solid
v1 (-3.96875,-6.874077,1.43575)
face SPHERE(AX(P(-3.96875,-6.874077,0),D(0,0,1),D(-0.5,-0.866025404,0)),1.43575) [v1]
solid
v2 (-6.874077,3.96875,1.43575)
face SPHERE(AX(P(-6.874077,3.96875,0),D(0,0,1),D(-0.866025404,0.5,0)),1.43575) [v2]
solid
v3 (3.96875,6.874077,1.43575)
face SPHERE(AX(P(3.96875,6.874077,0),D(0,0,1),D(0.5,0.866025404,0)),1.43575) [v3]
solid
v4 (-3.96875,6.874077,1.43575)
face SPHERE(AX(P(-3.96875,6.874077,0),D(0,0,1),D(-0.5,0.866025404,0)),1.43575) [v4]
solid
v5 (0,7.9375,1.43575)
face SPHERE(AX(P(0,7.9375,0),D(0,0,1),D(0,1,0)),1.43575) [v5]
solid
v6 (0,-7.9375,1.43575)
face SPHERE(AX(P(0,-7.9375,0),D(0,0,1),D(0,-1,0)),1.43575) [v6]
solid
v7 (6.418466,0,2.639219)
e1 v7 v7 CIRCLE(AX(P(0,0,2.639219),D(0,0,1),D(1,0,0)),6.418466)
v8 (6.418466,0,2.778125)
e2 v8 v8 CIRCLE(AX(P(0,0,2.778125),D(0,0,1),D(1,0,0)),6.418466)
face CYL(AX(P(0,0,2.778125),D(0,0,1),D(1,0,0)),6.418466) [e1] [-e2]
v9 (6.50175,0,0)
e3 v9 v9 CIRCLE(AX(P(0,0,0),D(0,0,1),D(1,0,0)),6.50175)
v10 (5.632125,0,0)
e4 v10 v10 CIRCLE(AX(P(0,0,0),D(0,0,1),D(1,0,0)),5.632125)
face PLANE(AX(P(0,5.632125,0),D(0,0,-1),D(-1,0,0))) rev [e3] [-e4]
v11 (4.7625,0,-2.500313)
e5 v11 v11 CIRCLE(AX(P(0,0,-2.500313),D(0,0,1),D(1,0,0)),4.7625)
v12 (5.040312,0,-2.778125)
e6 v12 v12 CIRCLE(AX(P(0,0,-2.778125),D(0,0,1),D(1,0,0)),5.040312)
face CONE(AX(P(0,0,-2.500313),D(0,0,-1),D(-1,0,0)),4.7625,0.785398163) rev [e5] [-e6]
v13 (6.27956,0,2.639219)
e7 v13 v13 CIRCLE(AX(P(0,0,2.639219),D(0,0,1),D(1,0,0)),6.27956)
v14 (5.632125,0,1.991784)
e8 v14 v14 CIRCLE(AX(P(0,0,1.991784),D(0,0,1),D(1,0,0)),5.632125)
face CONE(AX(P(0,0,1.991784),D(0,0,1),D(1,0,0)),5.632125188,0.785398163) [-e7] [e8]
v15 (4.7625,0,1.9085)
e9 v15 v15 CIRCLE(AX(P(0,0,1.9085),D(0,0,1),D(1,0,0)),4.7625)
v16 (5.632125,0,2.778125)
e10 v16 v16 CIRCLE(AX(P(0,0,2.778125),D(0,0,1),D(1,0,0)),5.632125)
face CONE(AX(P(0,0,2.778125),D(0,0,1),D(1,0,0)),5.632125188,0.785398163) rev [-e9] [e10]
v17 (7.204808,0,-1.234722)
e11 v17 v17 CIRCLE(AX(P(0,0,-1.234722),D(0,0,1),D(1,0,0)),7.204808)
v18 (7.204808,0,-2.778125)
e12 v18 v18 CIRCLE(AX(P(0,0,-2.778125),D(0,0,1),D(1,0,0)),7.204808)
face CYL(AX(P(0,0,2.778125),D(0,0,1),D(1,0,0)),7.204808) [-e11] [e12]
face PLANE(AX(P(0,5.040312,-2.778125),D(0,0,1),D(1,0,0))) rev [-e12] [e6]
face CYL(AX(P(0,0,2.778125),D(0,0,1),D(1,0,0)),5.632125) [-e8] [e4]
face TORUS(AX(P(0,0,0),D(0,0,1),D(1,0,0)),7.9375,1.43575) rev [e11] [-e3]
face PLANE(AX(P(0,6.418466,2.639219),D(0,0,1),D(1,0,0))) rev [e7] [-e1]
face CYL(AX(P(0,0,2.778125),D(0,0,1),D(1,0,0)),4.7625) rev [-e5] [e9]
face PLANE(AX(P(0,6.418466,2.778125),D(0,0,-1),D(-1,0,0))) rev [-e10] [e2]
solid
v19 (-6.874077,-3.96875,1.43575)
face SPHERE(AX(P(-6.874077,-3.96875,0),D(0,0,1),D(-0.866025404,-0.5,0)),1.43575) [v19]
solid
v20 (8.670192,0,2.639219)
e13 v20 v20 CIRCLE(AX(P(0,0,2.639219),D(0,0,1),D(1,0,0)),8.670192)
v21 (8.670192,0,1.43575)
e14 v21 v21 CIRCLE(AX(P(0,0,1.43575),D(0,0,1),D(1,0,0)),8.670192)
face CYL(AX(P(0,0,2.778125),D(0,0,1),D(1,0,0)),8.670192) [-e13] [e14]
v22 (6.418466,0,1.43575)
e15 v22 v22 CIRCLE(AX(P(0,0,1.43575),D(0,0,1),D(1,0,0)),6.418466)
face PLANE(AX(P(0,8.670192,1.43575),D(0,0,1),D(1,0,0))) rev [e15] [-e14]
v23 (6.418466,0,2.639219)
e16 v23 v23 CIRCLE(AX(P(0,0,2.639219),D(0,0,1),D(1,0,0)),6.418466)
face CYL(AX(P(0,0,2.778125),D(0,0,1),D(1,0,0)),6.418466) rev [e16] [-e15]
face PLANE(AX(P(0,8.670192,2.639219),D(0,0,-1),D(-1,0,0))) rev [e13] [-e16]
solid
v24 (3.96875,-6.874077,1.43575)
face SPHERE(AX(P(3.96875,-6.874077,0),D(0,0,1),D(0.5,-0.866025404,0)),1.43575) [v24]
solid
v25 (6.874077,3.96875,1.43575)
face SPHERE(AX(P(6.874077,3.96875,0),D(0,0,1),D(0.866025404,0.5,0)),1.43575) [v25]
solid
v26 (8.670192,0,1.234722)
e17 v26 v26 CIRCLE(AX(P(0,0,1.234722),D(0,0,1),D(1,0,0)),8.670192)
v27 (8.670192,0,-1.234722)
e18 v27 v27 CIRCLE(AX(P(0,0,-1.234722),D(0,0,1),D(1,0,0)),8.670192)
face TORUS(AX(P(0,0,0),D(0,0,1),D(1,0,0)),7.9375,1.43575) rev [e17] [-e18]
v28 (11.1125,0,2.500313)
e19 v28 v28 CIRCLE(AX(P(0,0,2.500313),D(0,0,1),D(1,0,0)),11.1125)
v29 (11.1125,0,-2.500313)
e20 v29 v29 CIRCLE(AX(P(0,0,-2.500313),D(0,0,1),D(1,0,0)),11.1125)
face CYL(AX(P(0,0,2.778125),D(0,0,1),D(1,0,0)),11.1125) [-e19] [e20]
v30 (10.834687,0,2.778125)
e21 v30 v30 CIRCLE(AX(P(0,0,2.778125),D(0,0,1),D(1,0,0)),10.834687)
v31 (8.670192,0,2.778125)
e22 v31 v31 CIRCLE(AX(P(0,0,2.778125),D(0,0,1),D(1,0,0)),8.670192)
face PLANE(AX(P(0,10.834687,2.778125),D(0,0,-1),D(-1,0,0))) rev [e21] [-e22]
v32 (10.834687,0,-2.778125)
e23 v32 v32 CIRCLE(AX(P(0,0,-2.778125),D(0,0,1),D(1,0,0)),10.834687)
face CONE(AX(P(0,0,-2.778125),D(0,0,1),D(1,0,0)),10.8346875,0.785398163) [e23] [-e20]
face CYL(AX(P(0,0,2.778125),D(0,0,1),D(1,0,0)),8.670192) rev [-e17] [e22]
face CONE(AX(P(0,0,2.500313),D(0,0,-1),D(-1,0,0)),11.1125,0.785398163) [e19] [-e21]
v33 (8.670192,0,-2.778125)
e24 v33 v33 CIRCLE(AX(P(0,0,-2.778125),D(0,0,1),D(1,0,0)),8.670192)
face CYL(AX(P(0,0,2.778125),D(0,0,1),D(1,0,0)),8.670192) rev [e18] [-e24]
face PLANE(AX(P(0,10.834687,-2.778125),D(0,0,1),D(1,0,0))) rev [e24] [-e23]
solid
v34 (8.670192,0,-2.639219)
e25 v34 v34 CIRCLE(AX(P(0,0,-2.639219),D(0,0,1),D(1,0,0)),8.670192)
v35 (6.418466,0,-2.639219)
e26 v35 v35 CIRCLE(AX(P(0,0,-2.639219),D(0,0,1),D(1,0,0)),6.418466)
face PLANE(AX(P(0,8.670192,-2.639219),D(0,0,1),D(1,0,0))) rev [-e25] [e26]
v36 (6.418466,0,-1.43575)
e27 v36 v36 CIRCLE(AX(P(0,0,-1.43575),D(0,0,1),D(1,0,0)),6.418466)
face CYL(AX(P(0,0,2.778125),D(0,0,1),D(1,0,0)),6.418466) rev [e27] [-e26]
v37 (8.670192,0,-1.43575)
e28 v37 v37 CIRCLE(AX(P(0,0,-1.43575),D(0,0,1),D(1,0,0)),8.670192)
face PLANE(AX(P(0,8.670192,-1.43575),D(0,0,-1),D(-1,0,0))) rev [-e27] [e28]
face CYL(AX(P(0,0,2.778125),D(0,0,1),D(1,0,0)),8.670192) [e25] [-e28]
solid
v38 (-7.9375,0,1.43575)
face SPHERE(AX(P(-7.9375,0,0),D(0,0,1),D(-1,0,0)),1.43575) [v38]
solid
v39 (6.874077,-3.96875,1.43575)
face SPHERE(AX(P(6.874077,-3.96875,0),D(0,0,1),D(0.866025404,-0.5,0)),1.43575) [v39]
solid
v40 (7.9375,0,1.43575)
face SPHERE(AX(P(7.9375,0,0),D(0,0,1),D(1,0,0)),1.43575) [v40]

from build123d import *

# Parameters (mm, degrees)
CIRPATTERN1_COUNT = 12
SKETCH5_W         = 1.203469126
SKETCH5_H         = 2.251725868


with BuildPart() as part:
    # Sketch1 → Revolve1 (revolve)
    with BuildSketch(Plane(origin=(0, 0, 0), x_dir=(0, 0, -1), z_dir=(1, 0, 0))):
        with BuildLine():
            Line((2.5003125, 11.1125), (-2.5003125, 11.1125))
            Line((-2.5003125, 11.1125), (-2.778125, 10.8346875))
            Line((-2.778125, 10.8346875), (-2.778125, 8.670192308))
            Line((-2.778125, 8.670192308), (-1.234722222, 8.670192308))
            ThreePointArc((-1.234722222, 8.670192308), (0, 9.373249624), (1.234722222, 8.670192308))
            Line((1.234722222, 8.670192308), (2.778125, 8.670192308))
            Line((2.778125, 8.670192308), (2.778125, 10.8346875))
            Line((2.778125, 10.8346875), (2.5003125, 11.1125))
        make_face()
    revolve(axis=Axis((0, 0, 2.778125), (0, 0, -1)))


with BuildPart() as body_2:
    # Sketch3 → Revolve3 (revolve)
    with BuildSketch(Plane(origin=(0, 0, 0), x_dir=(0, 0, -1), z_dir=(1, 0, 0))):
        with BuildLine():
            Line((-2.63921875, 6.27956019), (-1.991783748, 5.632125188))
            Line((-1.991783748, 5.632125188), (0, 5.632125188))
            Line((0, 5.632125188), (0, 6.501750376))
            ThreePointArc((0, 6.501750376), (0.710427434, 6.689834242), (1.234722222, 7.204807692))
            Line((1.234722222, 7.204807692), (2.778125, 7.204807692))
            Line((2.778125, 7.204807692), (2.778125, 5.0403125))
            Line((2.778125, 5.0403125), (2.5003125, 4.7625))
            Line((2.5003125, 4.7625), (-1.908499812, 4.7625))
            Line((-1.908499812, 4.7625), (-2.778125, 5.632125188))
            Line((-2.778125, 5.632125188), (-2.778125, 6.41846644))
            Line((-2.778125, 6.41846644), (-2.63921875, 6.41846644))
            Line((-2.63921875, 6.41846644), (-2.63921875, 6.27956019))
        make_face()
    revolve(axis=Axis((0, 0, 2.778125), (0, 0, -1)))


with BuildPart() as body_3:
    # Sketch4 → Revolve4 (revolve)
    with BuildSketch(Plane(origin=(0, 0, 0), x_dir=(0, 0, -1), z_dir=(1, 0, 0))):
        with BuildLine():
            Line((-1.435749624, 7.9375), (1.435749624, 7.9375))
            ThreePointArc((1.435749624, 7.9375), (0, 9.373249624), (-1.435749624, 7.9375))
        make_face()
    revolve(axis=Axis((0, 7.9375, 1.435749624), (0, 0, -1)))


with BuildPart() as cirpattern1_1:
    # CirPattern1: pattern copy
    add(body_3.part.rotate(Axis((0, 0, -2.778125), (0, 0, 1)), 1 * 360 / CIRPATTERN1_COUNT))


with BuildPart() as cirpattern1_2:
    # CirPattern1: pattern copy
    add(body_3.part.rotate(Axis((0, 0, -2.778125), (0, 0, 1)), 2 * 360 / CIRPATTERN1_COUNT))


with BuildPart() as cirpattern1_3:
    # CirPattern1: pattern copy
    add(body_3.part.rotate(Axis((0, 0, -2.778125), (0, 0, 1)), 3 * 360 / CIRPATTERN1_COUNT))


with BuildPart() as cirpattern1_4:
    # CirPattern1: pattern copy
    add(body_3.part.rotate(Axis((0, 0, -2.778125), (0, 0, 1)), 4 * 360 / CIRPATTERN1_COUNT))


with BuildPart() as cirpattern1_5:
    # CirPattern1: pattern copy
    add(body_3.part.rotate(Axis((0, 0, -2.778125), (0, 0, 1)), 5 * 360 / CIRPATTERN1_COUNT))


with BuildPart() as cirpattern1_6:
    # CirPattern1: pattern copy
    add(body_3.part.rotate(Axis((0, 0, -2.778125), (0, 0, 1)), 6 * 360 / CIRPATTERN1_COUNT))


with BuildPart() as cirpattern1_7:
    # CirPattern1: pattern copy
    add(body_3.part.rotate(Axis((0, 0, -2.778125), (0, 0, 1)), 7 * 360 / CIRPATTERN1_COUNT))


with BuildPart() as cirpattern1_8:
    # CirPattern1: pattern copy
    add(body_3.part.rotate(Axis((0, 0, -2.778125), (0, 0, 1)), 8 * 360 / CIRPATTERN1_COUNT))


with BuildPart() as cirpattern1_9:
    # CirPattern1: pattern copy
    add(body_3.part.rotate(Axis((0, 0, -2.778125), (0, 0, 1)), 9 * 360 / CIRPATTERN1_COUNT))


with BuildPart() as cirpattern1_10:
    # CirPattern1: pattern copy
    add(body_3.part.rotate(Axis((0, 0, -2.778125), (0, 0, 1)), 10 * 360 / CIRPATTERN1_COUNT))


with BuildPart() as cirpattern1_11:
    # CirPattern1: pattern copy
    add(body_3.part.rotate(Axis((0, 0, -2.778125), (0, 0, 1)), 11 * 360 / CIRPATTERN1_COUNT))


with BuildPart() as body_15:
    # Sketch5 → Revolve5 (revolve)
    with BuildSketch(Plane(origin=(0, 0, 0), x_dir=(0, 0, -1), z_dir=(1, 0, 0))):
        with Locations((-2.037484187, 7.544329374)):
            Rectangle(SKETCH5_W, SKETCH5_H)
        with Locations((2.037484187, 7.544329374)):
            Rectangle(SKETCH5_W, SKETCH5_H)
    revolve(axis=Axis((0, 0, 2.778125), (0, 0, -1)))


solid = Compound([part.part, body_2.part, body_3.part, cirpattern1_1.part, cirpattern1_2.part, cirpattern1_3.part, cirpattern1_4.part, cirpattern1_5.part, cirpattern1_6.part, cirpattern1_7.part, cirpattern1_8.part, cirpattern1_9.part, cirpattern1_10.part, cirpattern1_11.part, body_15.part])
